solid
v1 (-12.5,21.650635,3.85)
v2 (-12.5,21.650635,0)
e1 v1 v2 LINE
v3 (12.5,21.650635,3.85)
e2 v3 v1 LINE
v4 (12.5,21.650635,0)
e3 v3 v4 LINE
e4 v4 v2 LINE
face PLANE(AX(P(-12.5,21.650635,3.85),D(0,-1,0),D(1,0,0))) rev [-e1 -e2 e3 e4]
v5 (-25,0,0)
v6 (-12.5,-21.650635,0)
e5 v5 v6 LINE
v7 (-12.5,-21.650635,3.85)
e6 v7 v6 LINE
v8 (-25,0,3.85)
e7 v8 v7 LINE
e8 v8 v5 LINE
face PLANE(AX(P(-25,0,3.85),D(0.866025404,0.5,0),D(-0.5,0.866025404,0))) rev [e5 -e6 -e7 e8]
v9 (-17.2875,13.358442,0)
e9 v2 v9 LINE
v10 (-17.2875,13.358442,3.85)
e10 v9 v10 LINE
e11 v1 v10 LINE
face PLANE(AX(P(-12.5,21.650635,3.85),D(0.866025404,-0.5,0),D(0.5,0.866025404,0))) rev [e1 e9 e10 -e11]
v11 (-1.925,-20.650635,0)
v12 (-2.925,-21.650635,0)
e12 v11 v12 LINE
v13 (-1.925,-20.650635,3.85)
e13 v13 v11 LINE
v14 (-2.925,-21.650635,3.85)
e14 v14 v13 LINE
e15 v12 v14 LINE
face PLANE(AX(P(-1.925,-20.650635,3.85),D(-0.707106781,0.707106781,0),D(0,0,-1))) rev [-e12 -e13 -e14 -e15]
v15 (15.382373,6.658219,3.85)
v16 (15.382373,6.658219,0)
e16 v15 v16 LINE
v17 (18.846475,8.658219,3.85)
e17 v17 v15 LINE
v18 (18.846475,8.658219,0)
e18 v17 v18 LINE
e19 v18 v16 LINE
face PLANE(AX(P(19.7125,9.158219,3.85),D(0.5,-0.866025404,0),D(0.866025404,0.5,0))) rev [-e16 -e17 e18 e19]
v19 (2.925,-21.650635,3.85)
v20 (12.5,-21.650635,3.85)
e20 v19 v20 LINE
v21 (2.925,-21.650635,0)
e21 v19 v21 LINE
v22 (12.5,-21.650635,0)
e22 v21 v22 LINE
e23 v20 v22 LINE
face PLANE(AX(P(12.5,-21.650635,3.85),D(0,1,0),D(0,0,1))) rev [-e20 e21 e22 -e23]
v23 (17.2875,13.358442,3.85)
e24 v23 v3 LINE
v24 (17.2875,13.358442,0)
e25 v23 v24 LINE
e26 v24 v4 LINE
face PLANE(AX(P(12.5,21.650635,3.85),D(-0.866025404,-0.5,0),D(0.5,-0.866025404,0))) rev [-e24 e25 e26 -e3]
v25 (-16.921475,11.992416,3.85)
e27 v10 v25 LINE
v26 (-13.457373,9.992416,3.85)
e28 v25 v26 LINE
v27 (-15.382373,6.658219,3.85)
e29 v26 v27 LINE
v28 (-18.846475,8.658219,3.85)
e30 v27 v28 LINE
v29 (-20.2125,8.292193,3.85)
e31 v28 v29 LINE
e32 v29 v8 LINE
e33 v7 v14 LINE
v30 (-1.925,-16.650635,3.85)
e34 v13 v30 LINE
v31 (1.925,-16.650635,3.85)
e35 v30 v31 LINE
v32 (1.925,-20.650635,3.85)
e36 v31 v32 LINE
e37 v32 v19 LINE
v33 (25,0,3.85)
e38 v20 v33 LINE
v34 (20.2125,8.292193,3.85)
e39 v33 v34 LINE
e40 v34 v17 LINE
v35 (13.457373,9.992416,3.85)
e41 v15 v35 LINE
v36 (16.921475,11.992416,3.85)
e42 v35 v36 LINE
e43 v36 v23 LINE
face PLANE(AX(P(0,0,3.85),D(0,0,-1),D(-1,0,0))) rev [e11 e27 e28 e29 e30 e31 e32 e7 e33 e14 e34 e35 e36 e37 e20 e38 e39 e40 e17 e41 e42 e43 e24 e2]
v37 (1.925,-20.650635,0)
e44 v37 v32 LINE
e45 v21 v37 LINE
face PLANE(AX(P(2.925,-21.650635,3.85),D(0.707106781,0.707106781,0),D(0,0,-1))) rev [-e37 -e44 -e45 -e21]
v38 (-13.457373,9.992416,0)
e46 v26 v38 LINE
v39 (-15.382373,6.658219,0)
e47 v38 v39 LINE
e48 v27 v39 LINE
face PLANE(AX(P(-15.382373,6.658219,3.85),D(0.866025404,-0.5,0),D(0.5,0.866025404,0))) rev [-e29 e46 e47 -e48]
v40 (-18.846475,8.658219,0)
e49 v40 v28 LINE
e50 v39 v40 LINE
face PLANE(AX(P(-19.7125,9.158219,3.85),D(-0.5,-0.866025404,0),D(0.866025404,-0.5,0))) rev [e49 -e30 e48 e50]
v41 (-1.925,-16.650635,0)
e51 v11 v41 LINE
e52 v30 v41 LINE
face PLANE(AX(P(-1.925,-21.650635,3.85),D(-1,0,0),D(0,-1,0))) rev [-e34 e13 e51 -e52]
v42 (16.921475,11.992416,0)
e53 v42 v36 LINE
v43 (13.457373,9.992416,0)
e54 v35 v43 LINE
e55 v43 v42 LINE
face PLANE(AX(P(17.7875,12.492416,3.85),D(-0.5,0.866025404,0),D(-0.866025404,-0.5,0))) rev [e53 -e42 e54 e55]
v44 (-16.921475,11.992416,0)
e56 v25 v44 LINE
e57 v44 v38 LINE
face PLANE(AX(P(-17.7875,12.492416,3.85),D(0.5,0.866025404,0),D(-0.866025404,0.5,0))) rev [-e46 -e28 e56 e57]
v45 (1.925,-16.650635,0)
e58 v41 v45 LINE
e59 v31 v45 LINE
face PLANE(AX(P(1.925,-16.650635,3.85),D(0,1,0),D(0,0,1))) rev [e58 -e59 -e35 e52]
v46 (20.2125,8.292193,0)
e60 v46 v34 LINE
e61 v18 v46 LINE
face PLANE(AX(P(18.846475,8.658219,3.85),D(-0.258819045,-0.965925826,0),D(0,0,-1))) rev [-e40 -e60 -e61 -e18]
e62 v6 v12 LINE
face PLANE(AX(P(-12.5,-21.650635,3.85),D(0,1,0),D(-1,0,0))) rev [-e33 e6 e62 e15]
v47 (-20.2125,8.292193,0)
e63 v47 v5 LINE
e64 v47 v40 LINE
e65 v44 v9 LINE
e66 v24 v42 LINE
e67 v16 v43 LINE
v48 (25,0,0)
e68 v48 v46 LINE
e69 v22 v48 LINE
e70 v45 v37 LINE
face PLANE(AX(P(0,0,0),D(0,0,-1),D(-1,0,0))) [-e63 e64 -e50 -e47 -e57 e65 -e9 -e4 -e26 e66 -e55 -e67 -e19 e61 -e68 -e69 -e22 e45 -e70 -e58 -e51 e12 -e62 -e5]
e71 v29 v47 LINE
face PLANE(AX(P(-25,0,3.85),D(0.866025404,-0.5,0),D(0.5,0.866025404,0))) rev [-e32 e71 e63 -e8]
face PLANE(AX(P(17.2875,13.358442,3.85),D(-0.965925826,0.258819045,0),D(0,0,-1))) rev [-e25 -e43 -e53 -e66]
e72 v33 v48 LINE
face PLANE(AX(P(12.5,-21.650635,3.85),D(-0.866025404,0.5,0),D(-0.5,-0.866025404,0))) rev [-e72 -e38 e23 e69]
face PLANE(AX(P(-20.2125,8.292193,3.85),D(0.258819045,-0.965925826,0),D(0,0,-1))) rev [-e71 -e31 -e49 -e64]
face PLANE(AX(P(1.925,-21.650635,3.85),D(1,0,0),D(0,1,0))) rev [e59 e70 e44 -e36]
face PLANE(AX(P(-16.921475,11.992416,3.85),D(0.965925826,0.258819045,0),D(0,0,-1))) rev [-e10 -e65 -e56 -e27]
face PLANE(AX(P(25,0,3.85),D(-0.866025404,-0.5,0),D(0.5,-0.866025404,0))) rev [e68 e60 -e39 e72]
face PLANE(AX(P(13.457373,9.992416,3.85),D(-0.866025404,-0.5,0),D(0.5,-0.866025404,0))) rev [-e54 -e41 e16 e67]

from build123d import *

# Parameters (mm, degrees)
BOSS_EXTRUDE1_DEPTH = 3.85
CHAMFER1_SIZE       = 1


with BuildPart() as part:
    # Sketch1 → Boss-Extrude1 (new body)
    with BuildSketch(Plane.XY):
        Polygon((25, 0), (19.7125, 9.158218645), (15.382372981, 6.658218645), (13.457372981, 9.99241645), (17.7875, 12.49241645), (12.5, 21.650635095), (-12.5, 21.650635095), (-17.7875, 12.49241645), (-13.457372981, 9.99241645), (-15.382372981, 6.658218645), (-19.7125, 9.158218645), (-25, 0), (-12.5, -21.650635095), (-1.925, -21.650635095), (-1.925, -16.650635095), (1.925, -16.650635095), (1.925, -21.650635095), (12.5, -21.650635095), align=None)
    extrude(amount=BOSS_EXTRUDE1_DEPTH)

    # Chamfer1
    chamfer1_edges = [part.edges().sort_by_distance(p)[0] for p in [
        (1.925, -21.650635095, 1.925),
        (-1.925, -21.650635095, 1.925),
        (-19.7125, 9.158218645, 1.925),
        (-17.7875, 12.49241645, 1.925),
        (17.7875, 12.49241645, 1.925),
        (19.7125, 9.158218645, 1.925),
    ]]
    chamfer(chamfer1_edges, length=CHAMFER1_SIZE)


solid = part.part
